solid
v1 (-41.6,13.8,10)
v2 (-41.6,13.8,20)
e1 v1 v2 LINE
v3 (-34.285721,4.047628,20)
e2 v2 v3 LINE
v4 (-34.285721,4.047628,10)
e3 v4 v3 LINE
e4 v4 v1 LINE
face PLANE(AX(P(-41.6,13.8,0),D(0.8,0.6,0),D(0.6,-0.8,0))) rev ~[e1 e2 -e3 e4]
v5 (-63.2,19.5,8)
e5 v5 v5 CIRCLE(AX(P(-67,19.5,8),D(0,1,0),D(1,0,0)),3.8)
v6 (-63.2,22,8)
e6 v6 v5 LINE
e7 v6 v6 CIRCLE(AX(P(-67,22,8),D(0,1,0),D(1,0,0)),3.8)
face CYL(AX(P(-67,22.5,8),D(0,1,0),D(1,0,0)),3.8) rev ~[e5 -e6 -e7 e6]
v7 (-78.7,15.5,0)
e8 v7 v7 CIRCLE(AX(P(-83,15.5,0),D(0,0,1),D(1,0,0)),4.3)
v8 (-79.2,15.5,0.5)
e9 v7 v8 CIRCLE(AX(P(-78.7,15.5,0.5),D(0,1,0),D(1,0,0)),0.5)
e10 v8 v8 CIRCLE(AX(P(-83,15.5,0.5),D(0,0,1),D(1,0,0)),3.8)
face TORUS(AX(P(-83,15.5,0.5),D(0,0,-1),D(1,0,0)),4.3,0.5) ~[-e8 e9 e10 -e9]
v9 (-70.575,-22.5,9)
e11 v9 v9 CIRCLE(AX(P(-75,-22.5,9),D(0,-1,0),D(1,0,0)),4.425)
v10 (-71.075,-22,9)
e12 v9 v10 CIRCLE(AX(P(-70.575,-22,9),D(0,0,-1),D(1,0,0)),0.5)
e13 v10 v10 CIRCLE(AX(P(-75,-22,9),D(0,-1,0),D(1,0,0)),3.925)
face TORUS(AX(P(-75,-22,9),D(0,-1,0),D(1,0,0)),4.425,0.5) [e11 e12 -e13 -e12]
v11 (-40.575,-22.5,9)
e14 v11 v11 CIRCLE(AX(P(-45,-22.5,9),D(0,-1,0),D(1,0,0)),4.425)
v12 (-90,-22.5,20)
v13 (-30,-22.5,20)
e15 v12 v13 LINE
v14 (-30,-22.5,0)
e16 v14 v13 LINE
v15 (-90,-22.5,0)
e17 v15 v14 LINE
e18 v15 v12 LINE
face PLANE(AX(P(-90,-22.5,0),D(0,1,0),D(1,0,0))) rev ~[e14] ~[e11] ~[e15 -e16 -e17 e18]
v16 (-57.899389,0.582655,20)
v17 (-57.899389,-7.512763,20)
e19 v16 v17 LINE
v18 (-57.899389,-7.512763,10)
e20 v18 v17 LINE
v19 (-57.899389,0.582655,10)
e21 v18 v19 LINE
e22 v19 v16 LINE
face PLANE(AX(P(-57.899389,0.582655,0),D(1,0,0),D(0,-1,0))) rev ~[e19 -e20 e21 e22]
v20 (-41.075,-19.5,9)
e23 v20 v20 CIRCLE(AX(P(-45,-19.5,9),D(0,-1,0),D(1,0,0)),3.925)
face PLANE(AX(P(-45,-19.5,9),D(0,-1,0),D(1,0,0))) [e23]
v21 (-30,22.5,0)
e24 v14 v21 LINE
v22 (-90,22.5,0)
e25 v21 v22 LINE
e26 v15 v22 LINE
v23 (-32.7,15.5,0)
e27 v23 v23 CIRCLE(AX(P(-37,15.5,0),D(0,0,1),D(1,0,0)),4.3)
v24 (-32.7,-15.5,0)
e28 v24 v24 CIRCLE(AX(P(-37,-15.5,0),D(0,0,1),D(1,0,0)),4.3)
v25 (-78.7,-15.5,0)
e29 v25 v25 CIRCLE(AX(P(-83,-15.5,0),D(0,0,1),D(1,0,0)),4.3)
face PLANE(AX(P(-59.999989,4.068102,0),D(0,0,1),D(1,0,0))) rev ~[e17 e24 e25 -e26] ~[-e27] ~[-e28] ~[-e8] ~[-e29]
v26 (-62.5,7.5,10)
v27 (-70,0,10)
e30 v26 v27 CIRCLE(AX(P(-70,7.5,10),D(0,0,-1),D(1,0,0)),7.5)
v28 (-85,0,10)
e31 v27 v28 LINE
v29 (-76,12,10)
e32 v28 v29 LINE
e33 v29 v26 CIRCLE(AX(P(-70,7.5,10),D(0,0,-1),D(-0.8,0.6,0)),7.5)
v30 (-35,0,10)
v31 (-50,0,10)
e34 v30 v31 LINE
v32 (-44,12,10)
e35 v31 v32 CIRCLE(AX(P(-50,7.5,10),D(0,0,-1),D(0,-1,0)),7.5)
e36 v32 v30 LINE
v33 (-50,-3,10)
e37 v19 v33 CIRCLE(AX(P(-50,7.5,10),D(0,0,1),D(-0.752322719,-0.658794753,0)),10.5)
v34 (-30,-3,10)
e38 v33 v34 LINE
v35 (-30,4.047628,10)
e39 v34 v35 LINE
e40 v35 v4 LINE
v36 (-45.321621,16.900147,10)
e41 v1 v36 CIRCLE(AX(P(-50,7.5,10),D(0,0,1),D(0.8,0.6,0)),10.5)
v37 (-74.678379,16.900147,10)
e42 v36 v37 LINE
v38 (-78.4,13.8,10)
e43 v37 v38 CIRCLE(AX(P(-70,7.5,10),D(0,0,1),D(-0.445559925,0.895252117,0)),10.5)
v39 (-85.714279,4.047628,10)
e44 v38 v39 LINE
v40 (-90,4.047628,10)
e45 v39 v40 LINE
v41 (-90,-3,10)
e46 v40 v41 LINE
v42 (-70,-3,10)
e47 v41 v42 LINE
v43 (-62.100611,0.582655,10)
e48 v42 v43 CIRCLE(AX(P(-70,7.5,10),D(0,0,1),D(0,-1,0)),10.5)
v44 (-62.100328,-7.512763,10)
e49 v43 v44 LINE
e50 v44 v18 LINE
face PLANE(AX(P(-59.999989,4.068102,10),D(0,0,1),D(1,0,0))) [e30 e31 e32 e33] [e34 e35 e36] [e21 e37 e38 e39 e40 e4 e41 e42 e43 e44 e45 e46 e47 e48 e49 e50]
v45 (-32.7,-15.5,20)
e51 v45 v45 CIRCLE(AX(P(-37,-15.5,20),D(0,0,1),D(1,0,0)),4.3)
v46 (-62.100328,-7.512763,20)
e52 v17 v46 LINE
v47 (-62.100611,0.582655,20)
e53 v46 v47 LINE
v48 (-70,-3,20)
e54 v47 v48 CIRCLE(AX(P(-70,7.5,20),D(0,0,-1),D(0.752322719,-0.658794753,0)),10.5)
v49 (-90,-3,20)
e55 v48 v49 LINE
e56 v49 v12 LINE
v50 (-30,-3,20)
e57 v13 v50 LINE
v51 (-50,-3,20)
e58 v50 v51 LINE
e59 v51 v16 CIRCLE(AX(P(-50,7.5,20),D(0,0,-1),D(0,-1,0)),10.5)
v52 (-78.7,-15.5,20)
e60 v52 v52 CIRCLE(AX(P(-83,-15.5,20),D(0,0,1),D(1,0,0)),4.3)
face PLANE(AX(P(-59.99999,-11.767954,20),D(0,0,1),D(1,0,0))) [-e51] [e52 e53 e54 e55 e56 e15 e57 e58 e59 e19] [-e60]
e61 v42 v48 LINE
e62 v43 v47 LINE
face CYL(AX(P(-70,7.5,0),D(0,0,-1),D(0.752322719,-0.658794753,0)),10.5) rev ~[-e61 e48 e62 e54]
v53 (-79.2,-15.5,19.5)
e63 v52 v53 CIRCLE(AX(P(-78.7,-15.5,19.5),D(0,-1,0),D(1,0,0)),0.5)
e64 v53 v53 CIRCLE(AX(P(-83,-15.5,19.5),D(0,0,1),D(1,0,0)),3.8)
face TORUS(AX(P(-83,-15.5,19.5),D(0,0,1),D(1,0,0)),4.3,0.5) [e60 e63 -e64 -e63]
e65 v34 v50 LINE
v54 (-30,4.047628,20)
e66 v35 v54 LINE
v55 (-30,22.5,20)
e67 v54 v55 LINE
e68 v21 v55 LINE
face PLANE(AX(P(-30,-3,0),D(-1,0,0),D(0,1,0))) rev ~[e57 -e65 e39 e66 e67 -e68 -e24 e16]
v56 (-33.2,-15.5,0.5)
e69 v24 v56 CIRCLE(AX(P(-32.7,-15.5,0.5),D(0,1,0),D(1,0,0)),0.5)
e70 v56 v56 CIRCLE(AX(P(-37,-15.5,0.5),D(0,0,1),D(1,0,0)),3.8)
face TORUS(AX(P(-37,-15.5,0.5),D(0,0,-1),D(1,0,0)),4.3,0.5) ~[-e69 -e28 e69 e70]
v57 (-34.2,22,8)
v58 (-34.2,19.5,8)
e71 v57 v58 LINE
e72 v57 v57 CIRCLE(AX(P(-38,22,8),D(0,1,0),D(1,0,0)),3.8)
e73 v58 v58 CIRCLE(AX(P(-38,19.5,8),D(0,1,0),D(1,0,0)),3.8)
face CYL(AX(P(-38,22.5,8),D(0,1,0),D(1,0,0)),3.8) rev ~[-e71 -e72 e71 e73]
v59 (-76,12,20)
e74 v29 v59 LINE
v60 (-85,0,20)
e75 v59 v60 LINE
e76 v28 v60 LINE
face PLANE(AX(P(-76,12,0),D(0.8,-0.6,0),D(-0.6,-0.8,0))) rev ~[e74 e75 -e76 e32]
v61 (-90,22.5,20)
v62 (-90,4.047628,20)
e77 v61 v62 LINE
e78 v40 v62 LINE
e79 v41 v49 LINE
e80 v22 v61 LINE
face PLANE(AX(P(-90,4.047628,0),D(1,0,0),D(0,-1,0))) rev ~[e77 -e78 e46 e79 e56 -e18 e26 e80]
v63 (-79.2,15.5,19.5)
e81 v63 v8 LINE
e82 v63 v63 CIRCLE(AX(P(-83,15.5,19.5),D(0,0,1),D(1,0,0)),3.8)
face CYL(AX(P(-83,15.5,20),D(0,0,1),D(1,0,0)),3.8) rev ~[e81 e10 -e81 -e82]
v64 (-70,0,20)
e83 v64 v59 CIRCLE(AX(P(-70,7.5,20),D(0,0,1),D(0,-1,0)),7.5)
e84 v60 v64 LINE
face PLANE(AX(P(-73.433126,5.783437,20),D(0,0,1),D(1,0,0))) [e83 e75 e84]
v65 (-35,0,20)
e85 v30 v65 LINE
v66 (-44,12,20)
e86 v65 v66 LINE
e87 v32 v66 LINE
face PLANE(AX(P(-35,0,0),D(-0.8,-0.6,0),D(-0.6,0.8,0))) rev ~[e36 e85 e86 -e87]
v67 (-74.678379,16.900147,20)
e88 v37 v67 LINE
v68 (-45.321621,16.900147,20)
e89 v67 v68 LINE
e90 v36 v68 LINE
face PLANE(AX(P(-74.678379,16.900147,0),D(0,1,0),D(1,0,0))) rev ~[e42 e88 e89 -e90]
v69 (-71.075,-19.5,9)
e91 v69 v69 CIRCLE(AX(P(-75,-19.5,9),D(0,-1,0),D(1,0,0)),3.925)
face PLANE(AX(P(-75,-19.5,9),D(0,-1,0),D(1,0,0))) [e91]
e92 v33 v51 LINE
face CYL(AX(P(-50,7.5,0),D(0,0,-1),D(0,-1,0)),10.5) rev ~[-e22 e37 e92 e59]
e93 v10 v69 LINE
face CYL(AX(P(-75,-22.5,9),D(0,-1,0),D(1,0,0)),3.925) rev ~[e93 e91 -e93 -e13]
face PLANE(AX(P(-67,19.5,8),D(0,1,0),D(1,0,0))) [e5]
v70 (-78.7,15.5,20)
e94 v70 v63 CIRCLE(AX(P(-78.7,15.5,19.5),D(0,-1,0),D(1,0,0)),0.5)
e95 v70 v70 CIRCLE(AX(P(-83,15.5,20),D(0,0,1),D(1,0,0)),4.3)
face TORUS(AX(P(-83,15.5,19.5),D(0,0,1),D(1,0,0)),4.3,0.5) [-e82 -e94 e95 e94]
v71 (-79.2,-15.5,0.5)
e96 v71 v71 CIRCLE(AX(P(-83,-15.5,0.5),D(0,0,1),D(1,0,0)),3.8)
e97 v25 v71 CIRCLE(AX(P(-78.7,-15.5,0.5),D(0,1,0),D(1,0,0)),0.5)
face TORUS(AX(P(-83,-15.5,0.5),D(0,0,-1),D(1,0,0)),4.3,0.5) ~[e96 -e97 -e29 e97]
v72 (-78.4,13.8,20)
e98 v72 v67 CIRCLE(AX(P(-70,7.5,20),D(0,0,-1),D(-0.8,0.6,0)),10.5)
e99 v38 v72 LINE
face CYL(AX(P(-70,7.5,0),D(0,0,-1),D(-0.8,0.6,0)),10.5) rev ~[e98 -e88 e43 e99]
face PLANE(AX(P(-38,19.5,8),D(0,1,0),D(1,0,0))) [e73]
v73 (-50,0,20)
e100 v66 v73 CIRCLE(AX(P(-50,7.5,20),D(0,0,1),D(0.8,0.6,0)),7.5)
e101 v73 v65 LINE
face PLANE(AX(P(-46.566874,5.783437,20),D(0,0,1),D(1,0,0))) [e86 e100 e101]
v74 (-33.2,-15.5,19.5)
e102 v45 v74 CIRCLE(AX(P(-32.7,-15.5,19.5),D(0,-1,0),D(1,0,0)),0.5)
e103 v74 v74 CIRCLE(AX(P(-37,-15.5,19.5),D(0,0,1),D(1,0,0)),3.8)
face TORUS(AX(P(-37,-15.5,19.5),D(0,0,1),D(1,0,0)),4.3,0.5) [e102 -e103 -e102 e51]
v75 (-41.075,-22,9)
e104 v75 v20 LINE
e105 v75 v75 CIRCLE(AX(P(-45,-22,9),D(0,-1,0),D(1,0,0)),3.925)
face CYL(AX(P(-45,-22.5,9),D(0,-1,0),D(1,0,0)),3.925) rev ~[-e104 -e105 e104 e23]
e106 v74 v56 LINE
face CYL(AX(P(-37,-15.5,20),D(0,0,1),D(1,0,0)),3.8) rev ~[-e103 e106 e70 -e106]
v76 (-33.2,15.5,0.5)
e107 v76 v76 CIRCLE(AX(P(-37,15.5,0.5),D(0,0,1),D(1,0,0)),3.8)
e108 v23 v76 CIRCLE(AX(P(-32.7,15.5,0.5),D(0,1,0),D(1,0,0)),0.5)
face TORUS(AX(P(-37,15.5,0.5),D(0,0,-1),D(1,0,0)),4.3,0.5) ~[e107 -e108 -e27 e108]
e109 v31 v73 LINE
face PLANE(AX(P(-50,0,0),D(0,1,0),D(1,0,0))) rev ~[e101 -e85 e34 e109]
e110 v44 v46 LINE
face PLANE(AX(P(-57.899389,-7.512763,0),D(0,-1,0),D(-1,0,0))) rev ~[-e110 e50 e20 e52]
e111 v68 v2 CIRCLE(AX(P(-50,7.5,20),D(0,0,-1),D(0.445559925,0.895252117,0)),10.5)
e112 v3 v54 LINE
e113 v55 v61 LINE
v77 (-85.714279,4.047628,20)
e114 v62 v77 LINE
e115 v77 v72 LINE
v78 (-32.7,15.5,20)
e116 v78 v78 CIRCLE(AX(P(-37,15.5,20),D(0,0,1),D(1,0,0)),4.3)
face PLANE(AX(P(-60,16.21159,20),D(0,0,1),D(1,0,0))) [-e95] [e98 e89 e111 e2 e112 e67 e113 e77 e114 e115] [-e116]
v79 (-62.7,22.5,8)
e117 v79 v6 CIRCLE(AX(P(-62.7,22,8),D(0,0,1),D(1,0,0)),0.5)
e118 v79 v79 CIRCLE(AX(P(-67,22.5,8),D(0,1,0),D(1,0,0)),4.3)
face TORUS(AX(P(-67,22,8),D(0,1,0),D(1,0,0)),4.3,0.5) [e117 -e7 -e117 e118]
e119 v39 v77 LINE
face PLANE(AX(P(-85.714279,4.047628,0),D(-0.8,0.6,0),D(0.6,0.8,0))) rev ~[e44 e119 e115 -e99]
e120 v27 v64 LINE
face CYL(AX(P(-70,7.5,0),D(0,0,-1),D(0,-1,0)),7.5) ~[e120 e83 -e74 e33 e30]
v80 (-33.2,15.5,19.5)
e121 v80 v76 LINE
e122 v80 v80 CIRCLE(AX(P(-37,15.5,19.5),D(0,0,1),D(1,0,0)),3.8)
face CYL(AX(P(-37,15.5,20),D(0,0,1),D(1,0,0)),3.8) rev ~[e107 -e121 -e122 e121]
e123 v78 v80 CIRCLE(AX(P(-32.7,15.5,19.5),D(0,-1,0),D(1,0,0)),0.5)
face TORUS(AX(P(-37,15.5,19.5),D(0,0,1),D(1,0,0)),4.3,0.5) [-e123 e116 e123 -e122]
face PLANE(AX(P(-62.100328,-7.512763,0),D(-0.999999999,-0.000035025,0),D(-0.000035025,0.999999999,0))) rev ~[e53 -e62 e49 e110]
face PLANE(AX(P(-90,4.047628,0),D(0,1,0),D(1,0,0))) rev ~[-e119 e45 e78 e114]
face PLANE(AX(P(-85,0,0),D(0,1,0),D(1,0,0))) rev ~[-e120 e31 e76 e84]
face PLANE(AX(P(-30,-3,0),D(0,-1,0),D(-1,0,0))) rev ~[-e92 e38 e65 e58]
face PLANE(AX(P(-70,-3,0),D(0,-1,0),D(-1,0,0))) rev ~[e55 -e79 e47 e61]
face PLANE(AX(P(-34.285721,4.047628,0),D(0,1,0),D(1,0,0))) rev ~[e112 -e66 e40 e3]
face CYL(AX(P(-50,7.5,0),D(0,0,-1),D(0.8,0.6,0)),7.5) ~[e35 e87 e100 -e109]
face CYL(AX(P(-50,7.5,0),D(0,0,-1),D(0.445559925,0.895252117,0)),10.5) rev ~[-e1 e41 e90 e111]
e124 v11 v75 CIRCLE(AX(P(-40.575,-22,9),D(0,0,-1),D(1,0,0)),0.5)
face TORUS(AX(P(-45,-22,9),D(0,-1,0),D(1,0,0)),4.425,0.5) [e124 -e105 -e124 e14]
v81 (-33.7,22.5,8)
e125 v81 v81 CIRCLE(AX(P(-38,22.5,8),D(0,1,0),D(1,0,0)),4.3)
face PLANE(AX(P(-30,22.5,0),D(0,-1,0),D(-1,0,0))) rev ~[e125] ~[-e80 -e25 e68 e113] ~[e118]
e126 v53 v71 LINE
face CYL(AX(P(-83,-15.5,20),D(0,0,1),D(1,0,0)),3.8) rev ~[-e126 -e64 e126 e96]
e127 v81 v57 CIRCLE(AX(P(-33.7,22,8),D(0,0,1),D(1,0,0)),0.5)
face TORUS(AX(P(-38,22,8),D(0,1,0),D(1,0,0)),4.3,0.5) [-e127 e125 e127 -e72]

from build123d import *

# Parameters (mm, degrees)
BOSS_EXTRUDE19_DEPTH   = 20
BOSS_EXTRUDE19_2_DEPTH = 20
BOSS_EXTRUDE19_3_DEPTH = 20
BOSS_EXTRUDE19_4_DEPTH = 20
BOSS_EXTRUDE20_DEPTH   = 10
SKETCH3_R              = 3.8
CUT_EXTRUDE1_DEPTH     = 21
FILLET1_R              = 0.5
SKETCH4_R              = 3.8
CUT_EXTRUDE2_DEPTH     = 3
FILLET3_R              = 0.5
SKETCH5_R              = 3.925
CUT_EXTRUDE3_DEPTH     = 3
FILLET4_R              = 0.5


with BuildPart() as part:
    # Sketch2 → Boss-Extrude19 (new body)
    with BuildSketch(Plane.XY):
        with BuildLine():
            Line((-90, -22.5), (-30, -22.5))
            Line((-30, -22.5), (-30, -3))
            Line((-30, -3), (-50, -3))
            ThreePointArc((-50, -3), (-54.336927393, -2.062481937), (-57.899388544, 0.582655088))
            Line((-57.899388544, 0.582655088), (-57.899388544, -7.512763105))
            Line((-57.899388544, -7.512763105), (-62.100327913, -7.512763105))
            Line((-62.100327913, -7.512763105), (-62.100611456, 0.582655088))
            ThreePointArc((-62.100611456, 0.582655088), (-65.663072607, -2.062481937), (-70, -3))
            Line((-70, -3), (-90, -3))
            Line((-90, -3), (-90, -22.5))
        make_face()
    extrude(amount=BOSS_EXTRUDE19_DEPTH)



with BuildPart() as body_2:
    # Sketch2 → Boss-Extrude19 2 (new body)
    with BuildSketch(Plane.XY):
        with BuildLine():
            Line((-34.285720667, 4.047627556), (-30, 4.047627556))
            Line((-30, 4.047627556), (-30, 22.5))
            Line((-30, 22.5), (-90, 22.5))
            Line((-90, 22.5), (-90, 4.047627556))
            Line((-90, 4.047627556), (-85.714279333, 4.047627556))
            Line((-85.714279333, 4.047627556), (-78.4, 13.8))
            ThreePointArc((-78.4, 13.8), (-76.720396487, 15.567606278), (-74.678379216, 16.900147228))
            Line((-74.678379216, 16.900147228), (-45.321620784, 16.900147228))
            ThreePointArc((-45.321620784, 16.900147228), (-43.279603513, 15.567606278), (-41.6, 13.8))
            Line((-41.6, 13.8), (-34.285720667, 4.047627556))
        make_face()
    extrude(amount=BOSS_EXTRUDE19_2_DEPTH)


with BuildPart() as body_3:
    # Sketch2 → Boss-Extrude19 3 (new body)
    with BuildSketch(Plane.XY):
        with BuildLine():
            Line((-85, 0), (-70, 0))
            ThreePointArc((-70, 0), (-63.291796068, 10.854101966), (-76, 12))
            Line((-76, 12), (-85, 0))
        make_face()
    extrude(amount=BOSS_EXTRUDE19_3_DEPTH)


with BuildPart() as body_4:
    # Sketch2 → Boss-Extrude19 4 (new body)
    with BuildSketch(Plane.XY):
        with BuildLine():
            Line((-50, 0), (-35, 0))
            Line((-35, 0), (-44, 12))
            ThreePointArc((-44, 12), (-56.708203932, 10.854101966), (-50, 0))
        make_face()
    extrude(amount=BOSS_EXTRUDE19_4_DEPTH)


with BuildPart() as part_1:
    add(part.part)

    add(body_2.part)  # Boss-Extrude20 merges body 2

    add(body_3.part)  # Boss-Extrude20 merges body 3

    add(body_4.part)  # Boss-Extrude20 merges body 4
    # Sketch2<27> → Boss-Extrude20 (add)
    with BuildSketch(Plane.XY):
        with BuildLine():
            Line((-50, -3), (-30, -3))
            Line((-30, -3), (-30, 4.047627556))
            Line((-30, 4.047627556), (-34.285720667, 4.047627556))
            Line((-34.285720667, 4.047627556), (-41.6, 13.8))
            ThreePointArc((-41.6, 13.8), (-43.279603513, 15.567606278), (-45.321620784, 16.900147228))
            Line((-45.321620784, 16.900147228), (-74.678379216, 16.900147228))
            ThreePointArc((-74.678379216, 16.900147228), (-76.720396487, 15.567606278), (-78.4, 13.8))
            Line((-78.4, 13.8), (-85.714279333, 4.047627556))
            Line((-85.714279333, 4.047627556), (-90, 4.047627556))
            Line((-90, 4.047627556), (-90, -3))
            Line((-90, -3), (-70, -3))
            ThreePointArc((-70, -3), (-65.663072607, -2.062481937), (-62.100611456, 0.582655088))
            Line((-62.100611456, 0.582655088), (-62.100327913, -7.512763105))
            Line((-62.100327913, -7.512763105), (-57.899388544, -7.512763105))
            Line((-57.899388544, -7.512763105), (-57.899388544, -3))
            Line((-57.899388544, -3), (-57.899388544, 0.582655088))
            ThreePointArc((-57.899388544, 0.582655088), (-54.336927393, -2.062481937), (-50, -3))
        make_face()
        with BuildLine():
            ThreePointArc((-62.5, 7.5), (-64.696699141, 2.196699141), (-70, 0))
            Line((-70, 0), (-85, 0))
            Line((-85, 0), (-76, 12))
            ThreePointArc((-76, 12), (-67.628291755, 14.615124735), (-62.5, 7.5))
        make_face(mode=Mode.SUBTRACT)
        with BuildLine():
            Line((-44, 12), (-35, 0))
            Line((-35, 0), (-50, 0))
            ThreePointArc((-50, 0), (-56.708203932, 10.854101966), (-44, 12))
        make_face(mode=Mode.SUBTRACT)
    extrude(amount=BOSS_EXTRUDE20_DEPTH)

    # Sketch3 → Cut-Extrude1 (cut, through all)
    with BuildSketch(Plane.XY.offset(20)):
        with Locations((-83, 15.5)):
            Circle(SKETCH3_R)
        with Locations((-37, 15.5)):
            Circle(SKETCH3_R)
        with Locations((-37, -15.5)):
            Circle(SKETCH3_R)
        with Locations((-83, -15.5)):
            Circle(SKETCH3_R)
    extrude(amount=-CUT_EXTRUDE1_DEPTH, mode=Mode.SUBTRACT)

    # Fillet1
    fillet1_edges = [part_1.edges().sort_by_distance(p)[0] for p in [
        (-86.8, -15.5, 0),
        (-86.8, -15.5, 20),
        (-40.8, -15.5, 0),
        (-40.8, -15.5, 20),
        (-40.8, 15.5, 0),
        (-40.8, 15.5, 20),
        (-86.8, 15.5, 0),
        (-86.8, 15.5, 20),
    ]]
    fillet(fillet1_edges, radius=FILLET1_R)

    # Sketch4 → Cut-Extrude2 (cut)
    with BuildSketch(Plane(origin=(0, 22.5, 0), x_dir=(1, 0, 0), z_dir=(0, 1, 0))):
        with Locations((-38, -8)):
            Circle(SKETCH4_R)
        with Locations((-67, -8)):
            Circle(SKETCH4_R)
    extrude(amount=-CUT_EXTRUDE2_DEPTH, mode=Mode.SUBTRACT)

    # Fillet3
    fillet3_edges = [part_1.edges().sort_by_distance(p)[0] for p in [
        (-41.8, 22.5, 8),
        (-70.8, 22.5, 8),
    ]]
    fillet(fillet3_edges, radius=FILLET3_R)

    # Sketch5 → Cut-Extrude3 (cut)
    with BuildSketch(Plane.XZ.offset(22.5)):
        with Locations((-75, 9)):
            Circle(SKETCH5_R)
        with Locations((-45, 9)):
            Circle(SKETCH5_R)
    extrude(amount=-CUT_EXTRUDE3_DEPTH, mode=Mode.SUBTRACT)

    # Fillet4
    fillet4_edges = [part_1.edges().sort_by_distance(p)[0] for p in [
        (-78.925, -22.5, 9),
        (-48.925, -22.5, 9),
    ]]
    fillet(fillet4_edges, radius=FILLET4_R)


solid = part_1.part
